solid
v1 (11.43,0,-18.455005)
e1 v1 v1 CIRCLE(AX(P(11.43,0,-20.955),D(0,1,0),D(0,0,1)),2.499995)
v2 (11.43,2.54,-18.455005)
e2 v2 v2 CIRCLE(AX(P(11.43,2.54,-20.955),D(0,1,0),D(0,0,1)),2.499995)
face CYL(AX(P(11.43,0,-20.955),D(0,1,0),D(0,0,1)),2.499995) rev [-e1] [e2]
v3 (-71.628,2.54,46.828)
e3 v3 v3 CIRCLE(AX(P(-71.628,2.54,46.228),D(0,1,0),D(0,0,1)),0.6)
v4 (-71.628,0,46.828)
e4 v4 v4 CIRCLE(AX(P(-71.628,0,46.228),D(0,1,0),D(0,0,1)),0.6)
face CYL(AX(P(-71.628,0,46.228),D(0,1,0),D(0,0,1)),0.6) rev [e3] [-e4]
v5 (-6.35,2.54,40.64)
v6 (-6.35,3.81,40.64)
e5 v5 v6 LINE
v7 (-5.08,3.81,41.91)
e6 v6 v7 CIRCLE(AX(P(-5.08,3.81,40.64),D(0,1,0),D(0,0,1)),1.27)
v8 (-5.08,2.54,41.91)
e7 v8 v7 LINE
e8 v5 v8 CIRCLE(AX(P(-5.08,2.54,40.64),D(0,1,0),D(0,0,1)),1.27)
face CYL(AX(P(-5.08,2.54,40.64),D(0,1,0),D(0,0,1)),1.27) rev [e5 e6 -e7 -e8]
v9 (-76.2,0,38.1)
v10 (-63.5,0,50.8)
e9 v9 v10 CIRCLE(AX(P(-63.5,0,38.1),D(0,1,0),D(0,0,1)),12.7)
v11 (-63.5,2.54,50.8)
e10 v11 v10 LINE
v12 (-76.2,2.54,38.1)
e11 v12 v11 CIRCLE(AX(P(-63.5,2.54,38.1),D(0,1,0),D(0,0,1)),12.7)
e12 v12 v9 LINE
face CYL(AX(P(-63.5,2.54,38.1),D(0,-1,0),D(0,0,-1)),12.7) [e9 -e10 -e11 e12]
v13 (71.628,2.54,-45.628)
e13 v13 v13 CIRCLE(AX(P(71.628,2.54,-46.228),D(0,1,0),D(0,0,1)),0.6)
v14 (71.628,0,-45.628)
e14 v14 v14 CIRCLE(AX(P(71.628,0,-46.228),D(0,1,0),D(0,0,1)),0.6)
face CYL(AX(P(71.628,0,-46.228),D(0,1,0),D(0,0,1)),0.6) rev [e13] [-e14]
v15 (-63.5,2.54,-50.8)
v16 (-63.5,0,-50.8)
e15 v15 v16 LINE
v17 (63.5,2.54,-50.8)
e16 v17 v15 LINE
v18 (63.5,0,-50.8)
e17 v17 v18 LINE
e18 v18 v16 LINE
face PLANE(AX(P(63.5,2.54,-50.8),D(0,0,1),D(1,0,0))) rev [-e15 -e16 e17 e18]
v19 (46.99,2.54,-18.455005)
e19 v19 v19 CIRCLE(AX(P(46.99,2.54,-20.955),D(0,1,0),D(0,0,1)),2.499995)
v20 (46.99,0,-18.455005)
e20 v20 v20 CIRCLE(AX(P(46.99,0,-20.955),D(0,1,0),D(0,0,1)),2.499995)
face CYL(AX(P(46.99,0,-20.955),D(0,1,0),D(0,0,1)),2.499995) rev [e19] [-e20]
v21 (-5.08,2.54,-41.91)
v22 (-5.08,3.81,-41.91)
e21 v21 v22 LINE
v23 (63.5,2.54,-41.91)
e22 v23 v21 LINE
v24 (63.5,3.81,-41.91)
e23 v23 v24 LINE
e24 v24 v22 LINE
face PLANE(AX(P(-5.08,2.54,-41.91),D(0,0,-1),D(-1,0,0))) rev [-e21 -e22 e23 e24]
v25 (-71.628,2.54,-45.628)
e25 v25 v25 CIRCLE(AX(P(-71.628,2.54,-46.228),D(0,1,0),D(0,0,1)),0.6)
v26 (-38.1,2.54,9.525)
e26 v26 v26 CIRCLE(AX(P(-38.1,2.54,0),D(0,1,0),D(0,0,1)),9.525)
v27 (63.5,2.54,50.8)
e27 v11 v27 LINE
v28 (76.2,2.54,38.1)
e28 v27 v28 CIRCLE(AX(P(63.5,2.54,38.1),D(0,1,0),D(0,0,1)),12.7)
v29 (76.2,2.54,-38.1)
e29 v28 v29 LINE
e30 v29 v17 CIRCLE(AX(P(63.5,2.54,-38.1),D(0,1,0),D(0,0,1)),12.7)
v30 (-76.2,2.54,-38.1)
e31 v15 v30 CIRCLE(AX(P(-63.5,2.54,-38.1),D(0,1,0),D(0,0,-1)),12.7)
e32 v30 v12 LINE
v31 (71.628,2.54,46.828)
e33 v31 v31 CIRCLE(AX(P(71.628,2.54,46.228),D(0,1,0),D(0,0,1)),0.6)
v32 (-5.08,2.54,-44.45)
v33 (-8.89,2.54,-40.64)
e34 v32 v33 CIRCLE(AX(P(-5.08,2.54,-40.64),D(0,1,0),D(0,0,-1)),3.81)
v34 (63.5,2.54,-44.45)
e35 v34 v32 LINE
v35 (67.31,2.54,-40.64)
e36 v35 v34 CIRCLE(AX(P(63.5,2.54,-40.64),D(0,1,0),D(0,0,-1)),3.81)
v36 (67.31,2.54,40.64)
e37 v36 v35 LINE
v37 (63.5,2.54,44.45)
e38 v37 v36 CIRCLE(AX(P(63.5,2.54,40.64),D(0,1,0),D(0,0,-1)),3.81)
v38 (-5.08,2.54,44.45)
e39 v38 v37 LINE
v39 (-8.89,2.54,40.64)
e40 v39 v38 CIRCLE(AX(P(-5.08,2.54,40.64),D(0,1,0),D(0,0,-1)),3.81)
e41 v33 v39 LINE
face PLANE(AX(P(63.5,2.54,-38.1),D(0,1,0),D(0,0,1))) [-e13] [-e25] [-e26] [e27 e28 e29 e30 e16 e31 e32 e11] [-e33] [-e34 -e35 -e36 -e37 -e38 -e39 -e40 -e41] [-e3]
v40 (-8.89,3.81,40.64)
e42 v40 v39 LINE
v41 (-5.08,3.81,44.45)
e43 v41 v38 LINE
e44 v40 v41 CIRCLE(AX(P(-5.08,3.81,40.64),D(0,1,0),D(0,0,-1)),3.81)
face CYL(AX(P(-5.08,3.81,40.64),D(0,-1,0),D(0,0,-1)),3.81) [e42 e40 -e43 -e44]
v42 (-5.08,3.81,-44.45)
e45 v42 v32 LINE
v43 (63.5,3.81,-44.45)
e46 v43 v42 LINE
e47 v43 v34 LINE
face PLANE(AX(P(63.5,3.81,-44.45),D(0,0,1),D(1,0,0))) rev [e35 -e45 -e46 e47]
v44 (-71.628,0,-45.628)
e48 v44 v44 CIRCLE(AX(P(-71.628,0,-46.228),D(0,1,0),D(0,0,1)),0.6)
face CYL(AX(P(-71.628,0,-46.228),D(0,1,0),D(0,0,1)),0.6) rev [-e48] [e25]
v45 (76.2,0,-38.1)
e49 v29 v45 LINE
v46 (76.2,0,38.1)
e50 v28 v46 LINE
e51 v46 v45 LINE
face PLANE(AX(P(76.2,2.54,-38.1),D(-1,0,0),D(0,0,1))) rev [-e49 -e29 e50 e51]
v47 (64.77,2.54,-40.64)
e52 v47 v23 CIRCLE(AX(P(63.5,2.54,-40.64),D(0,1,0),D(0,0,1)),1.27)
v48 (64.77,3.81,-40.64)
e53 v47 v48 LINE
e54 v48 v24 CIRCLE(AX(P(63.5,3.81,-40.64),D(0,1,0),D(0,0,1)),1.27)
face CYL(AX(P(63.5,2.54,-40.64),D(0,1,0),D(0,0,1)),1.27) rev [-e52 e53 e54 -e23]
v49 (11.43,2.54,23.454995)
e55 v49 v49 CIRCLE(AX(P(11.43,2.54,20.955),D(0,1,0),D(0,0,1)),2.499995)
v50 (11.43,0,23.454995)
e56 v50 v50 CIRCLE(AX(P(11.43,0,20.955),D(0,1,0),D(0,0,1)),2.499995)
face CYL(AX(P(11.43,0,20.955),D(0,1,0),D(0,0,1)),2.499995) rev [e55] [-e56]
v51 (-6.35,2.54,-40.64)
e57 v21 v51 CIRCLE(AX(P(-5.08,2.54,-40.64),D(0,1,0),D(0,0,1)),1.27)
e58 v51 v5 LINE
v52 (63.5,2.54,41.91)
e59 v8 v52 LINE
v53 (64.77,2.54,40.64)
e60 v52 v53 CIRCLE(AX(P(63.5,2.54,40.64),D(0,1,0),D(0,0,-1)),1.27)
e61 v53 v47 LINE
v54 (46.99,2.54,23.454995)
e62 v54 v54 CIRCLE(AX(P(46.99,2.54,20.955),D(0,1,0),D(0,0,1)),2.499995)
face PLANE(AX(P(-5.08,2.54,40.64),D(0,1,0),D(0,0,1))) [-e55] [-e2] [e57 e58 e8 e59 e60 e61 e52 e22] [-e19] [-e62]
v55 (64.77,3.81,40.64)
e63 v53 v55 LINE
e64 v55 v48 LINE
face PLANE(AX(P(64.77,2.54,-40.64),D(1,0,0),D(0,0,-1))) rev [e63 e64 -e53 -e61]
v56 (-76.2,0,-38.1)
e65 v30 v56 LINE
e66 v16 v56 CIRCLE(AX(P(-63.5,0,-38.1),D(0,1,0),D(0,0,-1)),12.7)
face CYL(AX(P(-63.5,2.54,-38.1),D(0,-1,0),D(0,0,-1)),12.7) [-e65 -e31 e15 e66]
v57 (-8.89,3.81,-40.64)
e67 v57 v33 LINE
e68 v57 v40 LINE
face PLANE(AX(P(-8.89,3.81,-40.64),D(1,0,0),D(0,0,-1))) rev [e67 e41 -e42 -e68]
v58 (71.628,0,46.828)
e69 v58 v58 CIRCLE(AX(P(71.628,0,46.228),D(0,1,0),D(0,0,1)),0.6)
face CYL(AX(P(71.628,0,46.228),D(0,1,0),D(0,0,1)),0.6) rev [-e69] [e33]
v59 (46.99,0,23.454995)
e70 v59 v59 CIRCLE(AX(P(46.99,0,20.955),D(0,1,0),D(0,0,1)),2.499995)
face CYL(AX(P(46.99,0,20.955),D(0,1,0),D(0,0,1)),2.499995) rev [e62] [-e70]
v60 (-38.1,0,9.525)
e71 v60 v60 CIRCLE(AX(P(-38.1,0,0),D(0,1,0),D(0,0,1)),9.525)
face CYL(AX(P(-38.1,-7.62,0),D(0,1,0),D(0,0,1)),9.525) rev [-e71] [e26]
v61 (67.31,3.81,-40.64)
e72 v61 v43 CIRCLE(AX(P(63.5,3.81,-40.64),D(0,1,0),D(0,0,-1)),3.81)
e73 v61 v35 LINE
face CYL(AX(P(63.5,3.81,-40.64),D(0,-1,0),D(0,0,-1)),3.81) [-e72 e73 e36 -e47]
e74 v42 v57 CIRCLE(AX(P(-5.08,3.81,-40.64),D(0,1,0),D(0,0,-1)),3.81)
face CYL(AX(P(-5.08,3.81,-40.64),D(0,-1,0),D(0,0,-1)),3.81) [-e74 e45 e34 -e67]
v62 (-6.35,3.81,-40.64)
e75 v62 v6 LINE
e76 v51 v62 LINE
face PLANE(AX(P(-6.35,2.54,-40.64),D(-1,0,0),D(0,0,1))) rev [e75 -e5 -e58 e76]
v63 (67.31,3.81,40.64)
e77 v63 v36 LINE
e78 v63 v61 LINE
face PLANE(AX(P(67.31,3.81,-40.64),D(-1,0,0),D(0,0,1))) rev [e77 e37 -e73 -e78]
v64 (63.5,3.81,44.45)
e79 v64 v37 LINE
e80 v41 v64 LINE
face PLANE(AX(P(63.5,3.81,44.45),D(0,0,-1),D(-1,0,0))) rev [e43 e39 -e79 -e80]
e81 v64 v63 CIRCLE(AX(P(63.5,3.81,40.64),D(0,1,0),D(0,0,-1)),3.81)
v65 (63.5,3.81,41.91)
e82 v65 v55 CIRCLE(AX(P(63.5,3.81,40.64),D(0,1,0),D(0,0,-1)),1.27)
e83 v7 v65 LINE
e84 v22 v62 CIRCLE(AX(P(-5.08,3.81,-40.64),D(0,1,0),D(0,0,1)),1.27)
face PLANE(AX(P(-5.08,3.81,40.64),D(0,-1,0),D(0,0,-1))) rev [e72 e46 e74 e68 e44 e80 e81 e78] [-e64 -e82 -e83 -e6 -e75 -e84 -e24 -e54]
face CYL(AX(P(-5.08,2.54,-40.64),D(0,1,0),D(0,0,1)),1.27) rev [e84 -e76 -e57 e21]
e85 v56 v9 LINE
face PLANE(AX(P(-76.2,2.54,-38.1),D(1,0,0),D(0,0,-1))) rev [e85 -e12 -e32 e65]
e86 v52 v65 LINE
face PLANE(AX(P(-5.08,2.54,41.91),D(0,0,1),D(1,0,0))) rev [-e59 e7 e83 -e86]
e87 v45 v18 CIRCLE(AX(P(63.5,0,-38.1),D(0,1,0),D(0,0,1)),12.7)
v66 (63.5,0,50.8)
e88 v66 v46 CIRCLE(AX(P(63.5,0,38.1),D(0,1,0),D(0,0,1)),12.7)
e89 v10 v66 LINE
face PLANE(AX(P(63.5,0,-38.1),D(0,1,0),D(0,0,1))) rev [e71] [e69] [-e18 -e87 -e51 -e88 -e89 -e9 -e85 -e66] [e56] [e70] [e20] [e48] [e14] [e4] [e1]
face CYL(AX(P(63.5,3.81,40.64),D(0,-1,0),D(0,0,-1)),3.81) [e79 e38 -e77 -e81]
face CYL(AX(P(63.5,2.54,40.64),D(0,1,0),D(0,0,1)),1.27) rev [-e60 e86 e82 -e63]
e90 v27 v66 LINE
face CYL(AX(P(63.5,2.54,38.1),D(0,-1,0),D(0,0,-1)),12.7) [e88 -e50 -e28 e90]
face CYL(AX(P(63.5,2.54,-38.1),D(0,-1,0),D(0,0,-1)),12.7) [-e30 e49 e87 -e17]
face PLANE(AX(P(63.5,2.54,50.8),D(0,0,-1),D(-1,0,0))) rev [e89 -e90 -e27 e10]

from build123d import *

# Parameters (mm, degrees)
BOSS_EXTRUDE1_DEPTH = 2.54
SKETCH2_R           = 0.6
CUT_EXTRUDE1_DEPTH  = 92.616219088
BOSS_EXTRUDE2_DEPTH = 1.27
CUT_EXTRUDE2_DEPTH  = 1.27
SKETCH5_R           = 2.499995
CUT_EXTRUDE3_DEPTH  = 92.616219088
SKETCH6_R           = 9.525
CUT_EXTRUDE4_DEPTH  = 10.16


with BuildPart() as part:
    # Sketch1 → Boss-Extrude1 (new body)
    with BuildSketch(Plane(origin=(0, 0, 0), x_dir=(1, 0, 0), z_dir=(0, 1, 0))):
        with BuildLine():
            Line((63.5, 50.8), (-63.5, 50.8))
            ThreePointArc((-63.5, 50.8), (-72.480256121, 47.080256121), (-76.2, 38.1))
            Line((-76.2, 38.1), (-76.2, -38.1))
            ThreePointArc((-76.2, -38.1), (-72.480256121, -47.080256121), (-63.5, -50.8))
            Line((-63.5, -50.8), (63.5, -50.8))
            ThreePointArc((63.5, -50.8), (72.480256121, -47.080256121), (76.2, -38.1))
            Line((76.2, -38.1), (76.2, 38.1))
            ThreePointArc((76.2, 38.1), (72.480256121, 47.080256121), (63.5, 50.8))
        make_face()
    extrude(amount=BOSS_EXTRUDE1_DEPTH)

    # Sketch2 → Cut-Extrude1 (cut, through all)
    with BuildSketch(Plane(origin=(0, 2.54, 0), x_dir=(1, 0, 0), z_dir=(0, 1, 0))):
        with Locations(Location((-71.628, 46.228, 0), (0, 0, 270))):
            Circle(SKETCH2_R)
        with Locations(Location((-71.628, -46.228, 0), (0, 0, 270))):
            Circle(SKETCH2_R)
        with Locations(Location((71.628, -46.228, 0), (0, 0, 270))):
            Circle(SKETCH2_R)
        with Locations(Location((71.628, 46.228, 0), (0, 0, 270))):
            Circle(SKETCH2_R)
    extrude(amount=-CUT_EXTRUDE1_DEPTH, mode=Mode.SUBTRACT)

    # Sketch3 → Boss-Extrude2 (add)
    with BuildSketch(Plane(origin=(0, 2.54, 0), x_dir=(1, 0, 0), z_dir=(0, 1, 0))):
        with BuildLine():
            Line((63.5, 44.45), (-5.08, 44.45))
            ThreePointArc((-5.08, 44.45), (-7.774076836, 43.334076836), (-8.89, 40.64))
            Line((-8.89, 40.64), (-8.89, -40.64))
            ThreePointArc((-8.89, -40.64), (-7.774076836, -43.334076836), (-5.08, -44.45))
            Line((-5.08, -44.45), (63.5, -44.45))
            ThreePointArc((63.5, -44.45), (66.194076836, -43.334076836), (67.31, -40.64))
            Line((67.31, -40.64), (67.31, 40.64))
            ThreePointArc((67.31, 40.64), (66.194076836, 43.334076836), (63.5, 44.45))
        make_face()
    extrude(amount=BOSS_EXTRUDE2_DEPTH)

    # Sketch4 → Cut-Extrude2 (cut)
    with BuildSketch(Plane(origin=(0, 3.81, 0), x_dir=(1, 0, 0), z_dir=(0, 1, 0))):
        with BuildLine():
            Line((-5.08, 41.91), (63.5, 41.91))
            ThreePointArc((63.5, 41.91), (64.398025612, 41.538025612), (64.77, 40.64))
            Line((64.77, 40.64), (64.77, -40.64))
            ThreePointArc((64.77, -40.64), (64.398025612, -41.538025612), (63.5, -41.91))
            Line((63.5, -41.91), (-5.08, -41.91))
            ThreePointArc((-5.08, -41.91), (-5.978025612, -41.538025612), (-6.35, -40.64))
            Line((-6.35, -40.64), (-6.35, 40.64))
            ThreePointArc((-6.35, 40.64), (-5.978025612, 41.538025612), (-5.08, 41.91))
        make_face()
    extrude(amount=-CUT_EXTRUDE2_DEPTH, mode=Mode.SUBTRACT)

    # Sketch5 → Cut-Extrude3 (cut, through all)
    with BuildSketch(Plane(origin=(0, 2.54, 0), x_dir=(1, 0, 0), z_dir=(0, 1, 0))):
        with Locations(Location((11.43, 20.955, 0), (0, 0, 270))):
            Circle(SKETCH5_R)
        with Locations(Location((46.99, 20.955, 0), (0, 0, 270))):
            Circle(SKETCH5_R)
        with Locations(Location((11.43, -20.955, 0), (0, 0, 270))):
            Circle(SKETCH5_R)
        with Locations(Location((46.99, -20.955, 0), (0, 0, 270))):
            Circle(SKETCH5_R)
    extrude(amount=-CUT_EXTRUDE3_DEPTH, mode=Mode.SUBTRACT)

    # Sketch6 → Cut-Extrude4 (cut)
    with BuildSketch(Plane(origin=(0, 2.54, 0), x_dir=(1, 0, 0), z_dir=(0, 1, 0))):
        with Locations(Location((-38.1, 0, 0), (0, 0, 270))):
            Circle(SKETCH6_R)
    extrude(amount=-CUT_EXTRUDE4_DEPTH, mode=Mode.SUBTRACT)


solid = part.part
